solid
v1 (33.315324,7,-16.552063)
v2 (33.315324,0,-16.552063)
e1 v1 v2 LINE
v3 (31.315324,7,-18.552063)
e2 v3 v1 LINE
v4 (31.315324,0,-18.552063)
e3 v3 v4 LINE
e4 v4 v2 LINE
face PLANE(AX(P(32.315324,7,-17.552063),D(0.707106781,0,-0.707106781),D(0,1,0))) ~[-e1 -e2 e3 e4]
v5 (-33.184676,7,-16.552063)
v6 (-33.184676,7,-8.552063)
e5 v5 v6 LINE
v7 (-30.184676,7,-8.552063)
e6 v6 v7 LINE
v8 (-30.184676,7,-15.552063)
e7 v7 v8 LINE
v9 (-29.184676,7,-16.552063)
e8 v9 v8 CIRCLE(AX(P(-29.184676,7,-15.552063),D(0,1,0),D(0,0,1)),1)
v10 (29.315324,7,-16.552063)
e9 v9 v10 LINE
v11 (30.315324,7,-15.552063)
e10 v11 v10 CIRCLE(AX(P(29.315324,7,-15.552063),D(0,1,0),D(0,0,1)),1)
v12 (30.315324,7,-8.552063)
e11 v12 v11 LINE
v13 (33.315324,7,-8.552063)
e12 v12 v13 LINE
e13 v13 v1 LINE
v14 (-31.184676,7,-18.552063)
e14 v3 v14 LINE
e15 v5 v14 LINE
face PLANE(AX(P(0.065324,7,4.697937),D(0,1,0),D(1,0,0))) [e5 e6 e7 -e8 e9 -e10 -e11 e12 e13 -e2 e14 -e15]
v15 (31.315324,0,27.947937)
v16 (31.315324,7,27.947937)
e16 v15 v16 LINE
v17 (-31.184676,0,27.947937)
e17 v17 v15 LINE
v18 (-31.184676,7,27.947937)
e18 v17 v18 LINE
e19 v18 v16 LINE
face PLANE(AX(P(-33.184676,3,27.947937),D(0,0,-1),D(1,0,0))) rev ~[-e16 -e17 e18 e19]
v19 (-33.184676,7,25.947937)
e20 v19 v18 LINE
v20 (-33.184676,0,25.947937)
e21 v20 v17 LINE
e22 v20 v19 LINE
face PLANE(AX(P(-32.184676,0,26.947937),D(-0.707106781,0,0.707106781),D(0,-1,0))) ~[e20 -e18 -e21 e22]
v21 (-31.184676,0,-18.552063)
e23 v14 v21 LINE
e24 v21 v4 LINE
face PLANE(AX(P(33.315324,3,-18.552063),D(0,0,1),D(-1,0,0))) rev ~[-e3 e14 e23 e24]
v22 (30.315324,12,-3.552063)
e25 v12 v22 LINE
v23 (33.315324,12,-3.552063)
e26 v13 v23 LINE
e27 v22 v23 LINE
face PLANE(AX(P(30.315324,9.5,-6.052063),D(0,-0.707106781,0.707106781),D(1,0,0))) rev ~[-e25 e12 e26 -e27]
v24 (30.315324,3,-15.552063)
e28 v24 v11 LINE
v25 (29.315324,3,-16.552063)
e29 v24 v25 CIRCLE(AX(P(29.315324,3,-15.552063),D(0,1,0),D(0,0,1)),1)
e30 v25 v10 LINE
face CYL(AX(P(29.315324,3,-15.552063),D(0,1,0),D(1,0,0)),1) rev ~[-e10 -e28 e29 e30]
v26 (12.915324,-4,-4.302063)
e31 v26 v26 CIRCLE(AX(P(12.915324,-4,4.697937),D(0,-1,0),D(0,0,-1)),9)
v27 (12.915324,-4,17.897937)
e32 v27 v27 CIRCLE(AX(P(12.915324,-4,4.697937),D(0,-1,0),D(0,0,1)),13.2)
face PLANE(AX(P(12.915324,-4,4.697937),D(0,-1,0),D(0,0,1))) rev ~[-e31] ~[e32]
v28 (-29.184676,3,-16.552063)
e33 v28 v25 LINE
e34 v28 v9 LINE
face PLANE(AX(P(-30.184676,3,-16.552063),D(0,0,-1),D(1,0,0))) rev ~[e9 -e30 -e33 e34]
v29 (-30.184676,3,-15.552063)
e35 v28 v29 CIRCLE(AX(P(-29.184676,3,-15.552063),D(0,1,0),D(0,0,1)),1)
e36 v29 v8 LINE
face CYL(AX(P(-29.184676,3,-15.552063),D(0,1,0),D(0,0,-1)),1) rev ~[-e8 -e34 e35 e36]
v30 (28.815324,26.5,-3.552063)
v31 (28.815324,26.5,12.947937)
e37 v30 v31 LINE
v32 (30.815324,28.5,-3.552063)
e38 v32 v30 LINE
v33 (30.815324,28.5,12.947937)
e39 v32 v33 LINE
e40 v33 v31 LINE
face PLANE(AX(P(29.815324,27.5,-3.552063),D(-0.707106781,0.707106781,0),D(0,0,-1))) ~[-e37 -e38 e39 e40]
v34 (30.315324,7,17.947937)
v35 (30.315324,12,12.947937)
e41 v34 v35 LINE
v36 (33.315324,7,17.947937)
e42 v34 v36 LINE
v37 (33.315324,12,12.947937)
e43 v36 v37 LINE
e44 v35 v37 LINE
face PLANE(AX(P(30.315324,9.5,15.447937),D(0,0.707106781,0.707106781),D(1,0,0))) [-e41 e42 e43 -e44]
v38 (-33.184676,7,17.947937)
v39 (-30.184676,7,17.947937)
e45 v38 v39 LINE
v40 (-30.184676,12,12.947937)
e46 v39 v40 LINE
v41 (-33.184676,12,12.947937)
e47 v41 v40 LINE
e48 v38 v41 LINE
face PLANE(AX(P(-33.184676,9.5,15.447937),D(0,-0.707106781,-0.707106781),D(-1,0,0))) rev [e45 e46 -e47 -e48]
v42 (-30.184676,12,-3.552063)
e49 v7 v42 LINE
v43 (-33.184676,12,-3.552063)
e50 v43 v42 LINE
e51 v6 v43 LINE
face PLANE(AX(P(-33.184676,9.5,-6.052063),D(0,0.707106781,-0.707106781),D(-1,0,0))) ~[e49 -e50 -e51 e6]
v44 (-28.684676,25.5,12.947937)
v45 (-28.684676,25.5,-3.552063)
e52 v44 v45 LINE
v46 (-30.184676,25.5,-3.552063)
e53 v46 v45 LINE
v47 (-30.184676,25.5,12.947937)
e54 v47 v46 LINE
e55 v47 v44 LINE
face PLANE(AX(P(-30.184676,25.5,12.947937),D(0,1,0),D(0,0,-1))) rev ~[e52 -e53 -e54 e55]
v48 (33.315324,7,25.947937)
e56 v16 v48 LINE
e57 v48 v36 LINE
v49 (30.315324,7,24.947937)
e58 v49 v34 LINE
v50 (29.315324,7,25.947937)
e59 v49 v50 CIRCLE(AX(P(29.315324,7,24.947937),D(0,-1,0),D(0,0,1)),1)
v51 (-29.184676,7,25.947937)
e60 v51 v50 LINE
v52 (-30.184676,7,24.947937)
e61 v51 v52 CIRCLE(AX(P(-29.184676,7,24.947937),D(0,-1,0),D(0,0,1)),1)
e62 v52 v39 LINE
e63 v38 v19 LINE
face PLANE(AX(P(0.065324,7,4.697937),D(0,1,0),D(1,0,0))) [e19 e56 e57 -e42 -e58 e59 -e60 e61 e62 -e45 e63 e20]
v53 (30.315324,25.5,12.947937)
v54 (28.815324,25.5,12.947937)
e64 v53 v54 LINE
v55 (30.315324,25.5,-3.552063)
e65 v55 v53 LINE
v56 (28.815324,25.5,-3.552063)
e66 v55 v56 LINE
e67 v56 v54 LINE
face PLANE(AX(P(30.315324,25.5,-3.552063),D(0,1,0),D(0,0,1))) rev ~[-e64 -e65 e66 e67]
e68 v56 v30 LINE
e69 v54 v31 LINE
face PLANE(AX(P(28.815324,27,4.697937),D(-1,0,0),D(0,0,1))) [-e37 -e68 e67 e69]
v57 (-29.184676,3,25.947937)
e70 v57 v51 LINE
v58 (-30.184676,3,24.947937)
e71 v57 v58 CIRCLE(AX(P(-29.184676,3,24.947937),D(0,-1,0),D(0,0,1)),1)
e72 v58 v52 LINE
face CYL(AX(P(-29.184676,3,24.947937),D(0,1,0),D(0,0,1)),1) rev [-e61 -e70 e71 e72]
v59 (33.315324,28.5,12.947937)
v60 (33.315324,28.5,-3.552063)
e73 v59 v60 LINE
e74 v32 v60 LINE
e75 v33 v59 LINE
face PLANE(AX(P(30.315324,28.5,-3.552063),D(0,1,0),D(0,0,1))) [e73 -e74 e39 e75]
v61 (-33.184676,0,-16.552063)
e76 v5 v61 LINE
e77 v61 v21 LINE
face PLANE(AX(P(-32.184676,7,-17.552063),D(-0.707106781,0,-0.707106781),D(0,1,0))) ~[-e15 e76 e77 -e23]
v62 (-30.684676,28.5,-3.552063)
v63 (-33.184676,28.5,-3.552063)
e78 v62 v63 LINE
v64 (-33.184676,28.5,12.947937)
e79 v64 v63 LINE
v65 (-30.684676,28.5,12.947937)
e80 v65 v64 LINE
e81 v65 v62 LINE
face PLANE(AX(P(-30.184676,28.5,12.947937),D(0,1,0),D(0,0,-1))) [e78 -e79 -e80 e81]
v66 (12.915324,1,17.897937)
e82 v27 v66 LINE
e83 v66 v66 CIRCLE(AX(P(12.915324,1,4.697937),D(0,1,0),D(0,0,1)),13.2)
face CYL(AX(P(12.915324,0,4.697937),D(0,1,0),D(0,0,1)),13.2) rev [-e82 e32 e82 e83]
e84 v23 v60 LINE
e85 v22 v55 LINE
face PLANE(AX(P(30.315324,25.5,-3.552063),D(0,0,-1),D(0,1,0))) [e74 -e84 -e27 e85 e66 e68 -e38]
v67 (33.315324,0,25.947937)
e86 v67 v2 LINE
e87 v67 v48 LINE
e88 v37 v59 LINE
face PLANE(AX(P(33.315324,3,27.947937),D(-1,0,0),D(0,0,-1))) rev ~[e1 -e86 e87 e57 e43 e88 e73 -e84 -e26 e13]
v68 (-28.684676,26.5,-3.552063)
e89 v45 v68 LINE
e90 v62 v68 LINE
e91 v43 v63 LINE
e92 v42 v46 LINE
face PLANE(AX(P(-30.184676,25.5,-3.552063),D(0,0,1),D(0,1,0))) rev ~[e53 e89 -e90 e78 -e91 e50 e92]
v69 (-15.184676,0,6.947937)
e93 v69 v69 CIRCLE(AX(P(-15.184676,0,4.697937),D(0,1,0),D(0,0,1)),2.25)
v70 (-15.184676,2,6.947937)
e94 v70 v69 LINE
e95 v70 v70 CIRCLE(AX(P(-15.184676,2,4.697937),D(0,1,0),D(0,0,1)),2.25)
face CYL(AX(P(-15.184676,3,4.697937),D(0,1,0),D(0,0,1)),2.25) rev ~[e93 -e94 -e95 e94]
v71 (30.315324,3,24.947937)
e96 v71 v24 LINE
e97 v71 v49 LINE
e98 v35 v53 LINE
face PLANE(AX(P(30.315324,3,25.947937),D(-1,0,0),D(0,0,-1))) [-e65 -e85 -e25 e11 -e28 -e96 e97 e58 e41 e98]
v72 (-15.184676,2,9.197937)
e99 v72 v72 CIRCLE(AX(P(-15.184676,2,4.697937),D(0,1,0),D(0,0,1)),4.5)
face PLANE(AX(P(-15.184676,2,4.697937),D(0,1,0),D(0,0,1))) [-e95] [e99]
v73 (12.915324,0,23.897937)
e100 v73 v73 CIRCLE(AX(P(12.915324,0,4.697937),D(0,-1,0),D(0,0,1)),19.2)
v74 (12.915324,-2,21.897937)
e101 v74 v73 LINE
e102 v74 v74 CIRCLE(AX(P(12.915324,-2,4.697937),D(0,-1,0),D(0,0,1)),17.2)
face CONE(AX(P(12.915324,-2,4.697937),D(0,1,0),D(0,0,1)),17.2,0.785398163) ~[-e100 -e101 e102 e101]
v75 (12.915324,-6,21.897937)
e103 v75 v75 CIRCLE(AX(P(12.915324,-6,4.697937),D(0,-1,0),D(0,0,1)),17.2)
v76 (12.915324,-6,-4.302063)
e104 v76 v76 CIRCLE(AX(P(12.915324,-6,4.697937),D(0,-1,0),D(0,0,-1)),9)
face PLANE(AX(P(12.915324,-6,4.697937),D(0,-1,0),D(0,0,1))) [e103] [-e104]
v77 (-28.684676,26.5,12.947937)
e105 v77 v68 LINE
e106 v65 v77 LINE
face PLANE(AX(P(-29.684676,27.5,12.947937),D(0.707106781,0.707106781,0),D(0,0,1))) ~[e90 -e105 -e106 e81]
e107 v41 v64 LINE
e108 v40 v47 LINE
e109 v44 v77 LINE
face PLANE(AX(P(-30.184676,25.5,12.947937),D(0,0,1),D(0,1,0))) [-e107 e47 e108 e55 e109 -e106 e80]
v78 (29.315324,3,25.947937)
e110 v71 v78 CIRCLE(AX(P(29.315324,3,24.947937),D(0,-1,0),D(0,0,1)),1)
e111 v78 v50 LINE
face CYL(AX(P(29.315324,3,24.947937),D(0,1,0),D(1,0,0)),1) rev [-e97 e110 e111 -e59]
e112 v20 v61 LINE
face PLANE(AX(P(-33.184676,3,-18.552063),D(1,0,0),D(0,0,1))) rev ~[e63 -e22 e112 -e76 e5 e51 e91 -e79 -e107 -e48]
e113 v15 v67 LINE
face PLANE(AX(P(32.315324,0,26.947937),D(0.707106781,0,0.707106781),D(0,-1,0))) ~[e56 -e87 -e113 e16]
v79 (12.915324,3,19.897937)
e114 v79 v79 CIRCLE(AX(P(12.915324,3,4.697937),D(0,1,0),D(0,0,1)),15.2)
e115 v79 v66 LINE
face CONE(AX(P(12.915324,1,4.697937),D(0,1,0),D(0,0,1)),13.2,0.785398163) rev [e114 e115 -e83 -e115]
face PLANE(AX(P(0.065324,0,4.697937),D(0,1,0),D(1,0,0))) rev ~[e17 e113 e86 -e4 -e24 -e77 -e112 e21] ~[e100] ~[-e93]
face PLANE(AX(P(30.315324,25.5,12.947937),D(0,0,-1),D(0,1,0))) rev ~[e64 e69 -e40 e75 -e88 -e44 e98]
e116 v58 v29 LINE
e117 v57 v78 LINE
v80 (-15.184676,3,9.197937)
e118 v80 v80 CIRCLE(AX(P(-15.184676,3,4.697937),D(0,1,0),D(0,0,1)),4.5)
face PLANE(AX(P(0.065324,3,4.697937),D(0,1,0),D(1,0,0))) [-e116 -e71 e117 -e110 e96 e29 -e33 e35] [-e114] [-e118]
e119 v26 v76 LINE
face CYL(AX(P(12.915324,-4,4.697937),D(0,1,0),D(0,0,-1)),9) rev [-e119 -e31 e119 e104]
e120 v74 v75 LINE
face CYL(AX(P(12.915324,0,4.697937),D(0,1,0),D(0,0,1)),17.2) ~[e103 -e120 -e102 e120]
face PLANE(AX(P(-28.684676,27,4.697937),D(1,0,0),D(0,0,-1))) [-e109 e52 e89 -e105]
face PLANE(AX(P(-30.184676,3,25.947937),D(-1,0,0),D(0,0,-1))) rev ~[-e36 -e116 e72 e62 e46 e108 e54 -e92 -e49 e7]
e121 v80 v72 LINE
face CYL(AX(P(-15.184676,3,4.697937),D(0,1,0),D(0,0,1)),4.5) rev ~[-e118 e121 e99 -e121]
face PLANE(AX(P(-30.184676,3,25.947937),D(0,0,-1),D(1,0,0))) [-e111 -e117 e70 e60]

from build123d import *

# Parameters (mm, degrees)
SKETCH1_W           = 66.5
SKETCH1_H           = 46.5
BOSS_EXTRUDE1_DEPTH = 3
SKETCH2_W           = 60.5
SKETCH2_H           = 42.5
BOSS_EXTRUDE2_DEPTH = 4
SKETCH3_R           = 13.2
CUT_EXTRUDE1_DEPTH  = 4
SKETCH4_R           = 2.25
CUT_EXTRUDE2_DEPTH  = 4
SKETCH5_R           = 4.5
CUT_EXTRUDE3_DEPTH  = 1
SKETCH6_R           = 17.2
SKETCH6_R_2         = 13.2
BOSS_EXTRUDE3_DEPTH = 6
FILLET1_R           = 1
CHAMFER1_SIZE       = 2
SKETCH7_W           = 3
SKETCH7_H           = 16.5
BOSS_EXTRUDE4_DEPTH = 21.5
SKETCH8_W           = 16.5
SKETCH8_H           = 3
BOSS_EXTRUDE5_DEPTH = 1.5
SKETCH9_W           = 16.5
SKETCH9_H           = 3
BOSS_EXTRUDE6_DEPTH = 1.5
CHAMFER2_SIZE       = 2
CHAMFER3_SIZE       = 2
CHAMFER4_SIZE       = 2
CHAMFER5_SIZE       = 5
CHAMFER6_SIZE       = 5
BOSS_EXTRUDE7_START = -2
SKETCH10_R          = 13.2
SKETCH10_R_2        = 9
BOSS_EXTRUDE7_DEPTH = 2


with BuildPart() as part:
    # Sketch1 → Boss-Extrude1 (new body)
    with BuildSketch(Plane(origin=(0, 0, 0), x_dir=(1, 0, 0), z_dir=(0, 1, 0))):
        with Locations((0.065324165, -4.697937132)):
            Rectangle(SKETCH1_W, SKETCH1_H)
    extrude(amount=BOSS_EXTRUDE1_DEPTH)

    # Sketch2 → Boss-Extrude2 (add)
    with BuildSketch(Plane(origin=(0, 3, 0), x_dir=(1, 0, 0), z_dir=(0, 1, 0))):
        Polygon((-30.184675835, 18.552062868), (-33.184675835, 18.552062868), (-33.184675835, 16.552062868), (-33.184675835, -25.947937132), (-33.184675835, -27.947937132), (-30.184675835, -27.947937132), (30.315324165, -27.947937132), (33.315324165, -27.947937132), (33.315324165, -25.947937132), (33.315324165, 16.552062868), (33.315324165, 18.552062868), (30.315324165, 18.552062868), align=None)
        with Locations((0.065324165, -4.697937132)):
            Rectangle(SKETCH2_W, SKETCH2_H, mode=Mode.SUBTRACT)
    extrude(amount=BOSS_EXTRUDE2_DEPTH)

    # Sketch3 → Cut-Extrude1 (cut)
    with BuildSketch(Plane(origin=(0, 3, 0), x_dir=(1, 0, 0), z_dir=(0, 1, 0))):
        with Locations(Location((12.915324165, -4.697937132, 0), (0, 0, 270))):
            Circle(SKETCH3_R)
    extrude(amount=-CUT_EXTRUDE1_DEPTH, mode=Mode.SUBTRACT)

    # Sketch4 → Cut-Extrude2 (cut)
    with BuildSketch(Plane(origin=(0, 3, 0), x_dir=(1, 0, 0), z_dir=(0, 1, 0))):
        with Locations(Location((-15.184675835, -4.697937132, 0), (0, 0, 270))):
            Circle(SKETCH4_R)
    extrude(amount=-CUT_EXTRUDE2_DEPTH, mode=Mode.SUBTRACT)

    # Sketch5 → Cut-Extrude3 (cut)
    with BuildSketch(Plane(origin=(0, 3, 0), x_dir=(1, 0, 0), z_dir=(0, 1, 0))):
        with Locations(Location((-15.184675835, -4.697937132, 0), (0, 0, 270))):
            Circle(SKETCH5_R)
    extrude(amount=-CUT_EXTRUDE3_DEPTH, mode=Mode.SUBTRACT)

    # Sketch6 → Boss-Extrude3 (add)
    with BuildSketch(Plane.XZ):
        with Locations(Location((12.915324165, 4.697937132, 0), (0, 0, 90))):
            Circle(SKETCH6_R)
        with Locations(Location((12.915324165, 4.697937132, 0), (0, 0, 90))):
            Circle(SKETCH6_R_2, mode=Mode.SUBTRACT)
    extrude(amount=BOSS_EXTRUDE3_DEPTH)

    # Fillet1
    fillet1_edges = [part.edges().sort_by_distance(p)[0] for p in [
        (-30.184675835, 5, -16.552062868),
        (30.315324165, 5, -16.552062868),
        (30.315324165, 5, 25.947937132),
        (-30.184675835, 5, 25.947937132),
    ]]
    fillet(fillet1_edges, radius=FILLET1_R)

    # Chamfer1
    chamfer1_edges = [part.edges().sort_by_distance(p)[0] for p in [
        (-33.184675835, 3.5, -18.552062868),
        (33.315324165, 3.5, -18.552062868),
        (33.315324165, 3.5, 27.947937132),
        (-33.184675835, 3.5, 27.947937132),
    ]]
    chamfer(chamfer1_edges, length=CHAMFER1_SIZE)

    # Sketch7 → Boss-Extrude4 (add)
    with BuildSketch(Plane(origin=(0, 7, 0), x_dir=(1, 0, 0), z_dir=(0, 1, 0))):
        with Locations((31.815324165, -4.697937132)):
            Rectangle(SKETCH7_W, SKETCH7_H)
        with Locations((-31.684675835, -4.697937132)):
            Rectangle(SKETCH7_W, SKETCH7_H)
    extrude(amount=BOSS_EXTRUDE4_DEPTH)

    # Sketch8 → Boss-Extrude5 (add)
    with BuildSketch(Plane.ZY.offset(-30.315324165)):
        with Locations((4.697937132, 27)):
            Rectangle(SKETCH8_W, SKETCH8_H)
    extrude(amount=BOSS_EXTRUDE5_DEPTH)

    # Sketch9 → Boss-Extrude6 (add)
    with BuildSketch(Plane(origin=(-30.184675835, 0, 0), x_dir=(0, 0, -1), z_dir=(1, 0, 0))):
        with Locations((-4.697937132, 27)):
            Rectangle(SKETCH9_W, SKETCH9_H)
    extrude(amount=BOSS_EXTRUDE6_DEPTH)

    # Chamfer2
    chamfer2_edges = [part.edges().sort_by_distance(p)[0] for p in [
        (28.815324165, 28.5, 4.697937132),
        (-28.684675835, 28.5, 4.697937132),
    ]]
    chamfer(chamfer2_edges, length=CHAMFER2_SIZE)

    # Chamfer3
    chamfer3_edges = [part.edges().sort_by_distance(p)[0] for p in [
        (12.915324165, 3, -8.502062868),
    ]]
    chamfer(chamfer3_edges, length=CHAMFER3_SIZE)

    # Chamfer4
    chamfer4_edges = [part.edges().sort_by_distance(p)[0] for p in [
        (12.915324165, 0, -12.502062868),
    ]]
    chamfer(chamfer4_edges, length=CHAMFER4_SIZE)

    # Chamfer5
    chamfer5_edges = [part.edges().sort_by_distance(p)[0] for p in [
        (31.815324165, 7, -3.552062868),
        (31.815324165, 7, 12.947937132),
    ]]
    chamfer(chamfer5_edges, length=CHAMFER5_SIZE)

    # Chamfer6
    chamfer6_edges = [part.edges().sort_by_distance(p)[0] for p in [
        (-31.684675835, 7, -3.552062868),
        (-31.684675835, 7, 12.947937132),
    ]]
    chamfer(chamfer6_edges, length=CHAMFER6_SIZE)

    # Sketch10 → Boss-Extrude7 (add)
    with BuildSketch(Plane.XZ.offset(6).offset(BOSS_EXTRUDE7_START)):
        with Locations(Location((12.915324165, 4.697937132, 0), (0, 0, 90))):
            Circle(SKETCH10_R)
        with Locations(Location((12.915324165, 4.697937132, 0), (0, 0, 270))):
            Circle(SKETCH10_R_2, mode=Mode.SUBTRACT)
    extrude(amount=BOSS_EXTRUDE7_DEPTH)


solid = part.part
